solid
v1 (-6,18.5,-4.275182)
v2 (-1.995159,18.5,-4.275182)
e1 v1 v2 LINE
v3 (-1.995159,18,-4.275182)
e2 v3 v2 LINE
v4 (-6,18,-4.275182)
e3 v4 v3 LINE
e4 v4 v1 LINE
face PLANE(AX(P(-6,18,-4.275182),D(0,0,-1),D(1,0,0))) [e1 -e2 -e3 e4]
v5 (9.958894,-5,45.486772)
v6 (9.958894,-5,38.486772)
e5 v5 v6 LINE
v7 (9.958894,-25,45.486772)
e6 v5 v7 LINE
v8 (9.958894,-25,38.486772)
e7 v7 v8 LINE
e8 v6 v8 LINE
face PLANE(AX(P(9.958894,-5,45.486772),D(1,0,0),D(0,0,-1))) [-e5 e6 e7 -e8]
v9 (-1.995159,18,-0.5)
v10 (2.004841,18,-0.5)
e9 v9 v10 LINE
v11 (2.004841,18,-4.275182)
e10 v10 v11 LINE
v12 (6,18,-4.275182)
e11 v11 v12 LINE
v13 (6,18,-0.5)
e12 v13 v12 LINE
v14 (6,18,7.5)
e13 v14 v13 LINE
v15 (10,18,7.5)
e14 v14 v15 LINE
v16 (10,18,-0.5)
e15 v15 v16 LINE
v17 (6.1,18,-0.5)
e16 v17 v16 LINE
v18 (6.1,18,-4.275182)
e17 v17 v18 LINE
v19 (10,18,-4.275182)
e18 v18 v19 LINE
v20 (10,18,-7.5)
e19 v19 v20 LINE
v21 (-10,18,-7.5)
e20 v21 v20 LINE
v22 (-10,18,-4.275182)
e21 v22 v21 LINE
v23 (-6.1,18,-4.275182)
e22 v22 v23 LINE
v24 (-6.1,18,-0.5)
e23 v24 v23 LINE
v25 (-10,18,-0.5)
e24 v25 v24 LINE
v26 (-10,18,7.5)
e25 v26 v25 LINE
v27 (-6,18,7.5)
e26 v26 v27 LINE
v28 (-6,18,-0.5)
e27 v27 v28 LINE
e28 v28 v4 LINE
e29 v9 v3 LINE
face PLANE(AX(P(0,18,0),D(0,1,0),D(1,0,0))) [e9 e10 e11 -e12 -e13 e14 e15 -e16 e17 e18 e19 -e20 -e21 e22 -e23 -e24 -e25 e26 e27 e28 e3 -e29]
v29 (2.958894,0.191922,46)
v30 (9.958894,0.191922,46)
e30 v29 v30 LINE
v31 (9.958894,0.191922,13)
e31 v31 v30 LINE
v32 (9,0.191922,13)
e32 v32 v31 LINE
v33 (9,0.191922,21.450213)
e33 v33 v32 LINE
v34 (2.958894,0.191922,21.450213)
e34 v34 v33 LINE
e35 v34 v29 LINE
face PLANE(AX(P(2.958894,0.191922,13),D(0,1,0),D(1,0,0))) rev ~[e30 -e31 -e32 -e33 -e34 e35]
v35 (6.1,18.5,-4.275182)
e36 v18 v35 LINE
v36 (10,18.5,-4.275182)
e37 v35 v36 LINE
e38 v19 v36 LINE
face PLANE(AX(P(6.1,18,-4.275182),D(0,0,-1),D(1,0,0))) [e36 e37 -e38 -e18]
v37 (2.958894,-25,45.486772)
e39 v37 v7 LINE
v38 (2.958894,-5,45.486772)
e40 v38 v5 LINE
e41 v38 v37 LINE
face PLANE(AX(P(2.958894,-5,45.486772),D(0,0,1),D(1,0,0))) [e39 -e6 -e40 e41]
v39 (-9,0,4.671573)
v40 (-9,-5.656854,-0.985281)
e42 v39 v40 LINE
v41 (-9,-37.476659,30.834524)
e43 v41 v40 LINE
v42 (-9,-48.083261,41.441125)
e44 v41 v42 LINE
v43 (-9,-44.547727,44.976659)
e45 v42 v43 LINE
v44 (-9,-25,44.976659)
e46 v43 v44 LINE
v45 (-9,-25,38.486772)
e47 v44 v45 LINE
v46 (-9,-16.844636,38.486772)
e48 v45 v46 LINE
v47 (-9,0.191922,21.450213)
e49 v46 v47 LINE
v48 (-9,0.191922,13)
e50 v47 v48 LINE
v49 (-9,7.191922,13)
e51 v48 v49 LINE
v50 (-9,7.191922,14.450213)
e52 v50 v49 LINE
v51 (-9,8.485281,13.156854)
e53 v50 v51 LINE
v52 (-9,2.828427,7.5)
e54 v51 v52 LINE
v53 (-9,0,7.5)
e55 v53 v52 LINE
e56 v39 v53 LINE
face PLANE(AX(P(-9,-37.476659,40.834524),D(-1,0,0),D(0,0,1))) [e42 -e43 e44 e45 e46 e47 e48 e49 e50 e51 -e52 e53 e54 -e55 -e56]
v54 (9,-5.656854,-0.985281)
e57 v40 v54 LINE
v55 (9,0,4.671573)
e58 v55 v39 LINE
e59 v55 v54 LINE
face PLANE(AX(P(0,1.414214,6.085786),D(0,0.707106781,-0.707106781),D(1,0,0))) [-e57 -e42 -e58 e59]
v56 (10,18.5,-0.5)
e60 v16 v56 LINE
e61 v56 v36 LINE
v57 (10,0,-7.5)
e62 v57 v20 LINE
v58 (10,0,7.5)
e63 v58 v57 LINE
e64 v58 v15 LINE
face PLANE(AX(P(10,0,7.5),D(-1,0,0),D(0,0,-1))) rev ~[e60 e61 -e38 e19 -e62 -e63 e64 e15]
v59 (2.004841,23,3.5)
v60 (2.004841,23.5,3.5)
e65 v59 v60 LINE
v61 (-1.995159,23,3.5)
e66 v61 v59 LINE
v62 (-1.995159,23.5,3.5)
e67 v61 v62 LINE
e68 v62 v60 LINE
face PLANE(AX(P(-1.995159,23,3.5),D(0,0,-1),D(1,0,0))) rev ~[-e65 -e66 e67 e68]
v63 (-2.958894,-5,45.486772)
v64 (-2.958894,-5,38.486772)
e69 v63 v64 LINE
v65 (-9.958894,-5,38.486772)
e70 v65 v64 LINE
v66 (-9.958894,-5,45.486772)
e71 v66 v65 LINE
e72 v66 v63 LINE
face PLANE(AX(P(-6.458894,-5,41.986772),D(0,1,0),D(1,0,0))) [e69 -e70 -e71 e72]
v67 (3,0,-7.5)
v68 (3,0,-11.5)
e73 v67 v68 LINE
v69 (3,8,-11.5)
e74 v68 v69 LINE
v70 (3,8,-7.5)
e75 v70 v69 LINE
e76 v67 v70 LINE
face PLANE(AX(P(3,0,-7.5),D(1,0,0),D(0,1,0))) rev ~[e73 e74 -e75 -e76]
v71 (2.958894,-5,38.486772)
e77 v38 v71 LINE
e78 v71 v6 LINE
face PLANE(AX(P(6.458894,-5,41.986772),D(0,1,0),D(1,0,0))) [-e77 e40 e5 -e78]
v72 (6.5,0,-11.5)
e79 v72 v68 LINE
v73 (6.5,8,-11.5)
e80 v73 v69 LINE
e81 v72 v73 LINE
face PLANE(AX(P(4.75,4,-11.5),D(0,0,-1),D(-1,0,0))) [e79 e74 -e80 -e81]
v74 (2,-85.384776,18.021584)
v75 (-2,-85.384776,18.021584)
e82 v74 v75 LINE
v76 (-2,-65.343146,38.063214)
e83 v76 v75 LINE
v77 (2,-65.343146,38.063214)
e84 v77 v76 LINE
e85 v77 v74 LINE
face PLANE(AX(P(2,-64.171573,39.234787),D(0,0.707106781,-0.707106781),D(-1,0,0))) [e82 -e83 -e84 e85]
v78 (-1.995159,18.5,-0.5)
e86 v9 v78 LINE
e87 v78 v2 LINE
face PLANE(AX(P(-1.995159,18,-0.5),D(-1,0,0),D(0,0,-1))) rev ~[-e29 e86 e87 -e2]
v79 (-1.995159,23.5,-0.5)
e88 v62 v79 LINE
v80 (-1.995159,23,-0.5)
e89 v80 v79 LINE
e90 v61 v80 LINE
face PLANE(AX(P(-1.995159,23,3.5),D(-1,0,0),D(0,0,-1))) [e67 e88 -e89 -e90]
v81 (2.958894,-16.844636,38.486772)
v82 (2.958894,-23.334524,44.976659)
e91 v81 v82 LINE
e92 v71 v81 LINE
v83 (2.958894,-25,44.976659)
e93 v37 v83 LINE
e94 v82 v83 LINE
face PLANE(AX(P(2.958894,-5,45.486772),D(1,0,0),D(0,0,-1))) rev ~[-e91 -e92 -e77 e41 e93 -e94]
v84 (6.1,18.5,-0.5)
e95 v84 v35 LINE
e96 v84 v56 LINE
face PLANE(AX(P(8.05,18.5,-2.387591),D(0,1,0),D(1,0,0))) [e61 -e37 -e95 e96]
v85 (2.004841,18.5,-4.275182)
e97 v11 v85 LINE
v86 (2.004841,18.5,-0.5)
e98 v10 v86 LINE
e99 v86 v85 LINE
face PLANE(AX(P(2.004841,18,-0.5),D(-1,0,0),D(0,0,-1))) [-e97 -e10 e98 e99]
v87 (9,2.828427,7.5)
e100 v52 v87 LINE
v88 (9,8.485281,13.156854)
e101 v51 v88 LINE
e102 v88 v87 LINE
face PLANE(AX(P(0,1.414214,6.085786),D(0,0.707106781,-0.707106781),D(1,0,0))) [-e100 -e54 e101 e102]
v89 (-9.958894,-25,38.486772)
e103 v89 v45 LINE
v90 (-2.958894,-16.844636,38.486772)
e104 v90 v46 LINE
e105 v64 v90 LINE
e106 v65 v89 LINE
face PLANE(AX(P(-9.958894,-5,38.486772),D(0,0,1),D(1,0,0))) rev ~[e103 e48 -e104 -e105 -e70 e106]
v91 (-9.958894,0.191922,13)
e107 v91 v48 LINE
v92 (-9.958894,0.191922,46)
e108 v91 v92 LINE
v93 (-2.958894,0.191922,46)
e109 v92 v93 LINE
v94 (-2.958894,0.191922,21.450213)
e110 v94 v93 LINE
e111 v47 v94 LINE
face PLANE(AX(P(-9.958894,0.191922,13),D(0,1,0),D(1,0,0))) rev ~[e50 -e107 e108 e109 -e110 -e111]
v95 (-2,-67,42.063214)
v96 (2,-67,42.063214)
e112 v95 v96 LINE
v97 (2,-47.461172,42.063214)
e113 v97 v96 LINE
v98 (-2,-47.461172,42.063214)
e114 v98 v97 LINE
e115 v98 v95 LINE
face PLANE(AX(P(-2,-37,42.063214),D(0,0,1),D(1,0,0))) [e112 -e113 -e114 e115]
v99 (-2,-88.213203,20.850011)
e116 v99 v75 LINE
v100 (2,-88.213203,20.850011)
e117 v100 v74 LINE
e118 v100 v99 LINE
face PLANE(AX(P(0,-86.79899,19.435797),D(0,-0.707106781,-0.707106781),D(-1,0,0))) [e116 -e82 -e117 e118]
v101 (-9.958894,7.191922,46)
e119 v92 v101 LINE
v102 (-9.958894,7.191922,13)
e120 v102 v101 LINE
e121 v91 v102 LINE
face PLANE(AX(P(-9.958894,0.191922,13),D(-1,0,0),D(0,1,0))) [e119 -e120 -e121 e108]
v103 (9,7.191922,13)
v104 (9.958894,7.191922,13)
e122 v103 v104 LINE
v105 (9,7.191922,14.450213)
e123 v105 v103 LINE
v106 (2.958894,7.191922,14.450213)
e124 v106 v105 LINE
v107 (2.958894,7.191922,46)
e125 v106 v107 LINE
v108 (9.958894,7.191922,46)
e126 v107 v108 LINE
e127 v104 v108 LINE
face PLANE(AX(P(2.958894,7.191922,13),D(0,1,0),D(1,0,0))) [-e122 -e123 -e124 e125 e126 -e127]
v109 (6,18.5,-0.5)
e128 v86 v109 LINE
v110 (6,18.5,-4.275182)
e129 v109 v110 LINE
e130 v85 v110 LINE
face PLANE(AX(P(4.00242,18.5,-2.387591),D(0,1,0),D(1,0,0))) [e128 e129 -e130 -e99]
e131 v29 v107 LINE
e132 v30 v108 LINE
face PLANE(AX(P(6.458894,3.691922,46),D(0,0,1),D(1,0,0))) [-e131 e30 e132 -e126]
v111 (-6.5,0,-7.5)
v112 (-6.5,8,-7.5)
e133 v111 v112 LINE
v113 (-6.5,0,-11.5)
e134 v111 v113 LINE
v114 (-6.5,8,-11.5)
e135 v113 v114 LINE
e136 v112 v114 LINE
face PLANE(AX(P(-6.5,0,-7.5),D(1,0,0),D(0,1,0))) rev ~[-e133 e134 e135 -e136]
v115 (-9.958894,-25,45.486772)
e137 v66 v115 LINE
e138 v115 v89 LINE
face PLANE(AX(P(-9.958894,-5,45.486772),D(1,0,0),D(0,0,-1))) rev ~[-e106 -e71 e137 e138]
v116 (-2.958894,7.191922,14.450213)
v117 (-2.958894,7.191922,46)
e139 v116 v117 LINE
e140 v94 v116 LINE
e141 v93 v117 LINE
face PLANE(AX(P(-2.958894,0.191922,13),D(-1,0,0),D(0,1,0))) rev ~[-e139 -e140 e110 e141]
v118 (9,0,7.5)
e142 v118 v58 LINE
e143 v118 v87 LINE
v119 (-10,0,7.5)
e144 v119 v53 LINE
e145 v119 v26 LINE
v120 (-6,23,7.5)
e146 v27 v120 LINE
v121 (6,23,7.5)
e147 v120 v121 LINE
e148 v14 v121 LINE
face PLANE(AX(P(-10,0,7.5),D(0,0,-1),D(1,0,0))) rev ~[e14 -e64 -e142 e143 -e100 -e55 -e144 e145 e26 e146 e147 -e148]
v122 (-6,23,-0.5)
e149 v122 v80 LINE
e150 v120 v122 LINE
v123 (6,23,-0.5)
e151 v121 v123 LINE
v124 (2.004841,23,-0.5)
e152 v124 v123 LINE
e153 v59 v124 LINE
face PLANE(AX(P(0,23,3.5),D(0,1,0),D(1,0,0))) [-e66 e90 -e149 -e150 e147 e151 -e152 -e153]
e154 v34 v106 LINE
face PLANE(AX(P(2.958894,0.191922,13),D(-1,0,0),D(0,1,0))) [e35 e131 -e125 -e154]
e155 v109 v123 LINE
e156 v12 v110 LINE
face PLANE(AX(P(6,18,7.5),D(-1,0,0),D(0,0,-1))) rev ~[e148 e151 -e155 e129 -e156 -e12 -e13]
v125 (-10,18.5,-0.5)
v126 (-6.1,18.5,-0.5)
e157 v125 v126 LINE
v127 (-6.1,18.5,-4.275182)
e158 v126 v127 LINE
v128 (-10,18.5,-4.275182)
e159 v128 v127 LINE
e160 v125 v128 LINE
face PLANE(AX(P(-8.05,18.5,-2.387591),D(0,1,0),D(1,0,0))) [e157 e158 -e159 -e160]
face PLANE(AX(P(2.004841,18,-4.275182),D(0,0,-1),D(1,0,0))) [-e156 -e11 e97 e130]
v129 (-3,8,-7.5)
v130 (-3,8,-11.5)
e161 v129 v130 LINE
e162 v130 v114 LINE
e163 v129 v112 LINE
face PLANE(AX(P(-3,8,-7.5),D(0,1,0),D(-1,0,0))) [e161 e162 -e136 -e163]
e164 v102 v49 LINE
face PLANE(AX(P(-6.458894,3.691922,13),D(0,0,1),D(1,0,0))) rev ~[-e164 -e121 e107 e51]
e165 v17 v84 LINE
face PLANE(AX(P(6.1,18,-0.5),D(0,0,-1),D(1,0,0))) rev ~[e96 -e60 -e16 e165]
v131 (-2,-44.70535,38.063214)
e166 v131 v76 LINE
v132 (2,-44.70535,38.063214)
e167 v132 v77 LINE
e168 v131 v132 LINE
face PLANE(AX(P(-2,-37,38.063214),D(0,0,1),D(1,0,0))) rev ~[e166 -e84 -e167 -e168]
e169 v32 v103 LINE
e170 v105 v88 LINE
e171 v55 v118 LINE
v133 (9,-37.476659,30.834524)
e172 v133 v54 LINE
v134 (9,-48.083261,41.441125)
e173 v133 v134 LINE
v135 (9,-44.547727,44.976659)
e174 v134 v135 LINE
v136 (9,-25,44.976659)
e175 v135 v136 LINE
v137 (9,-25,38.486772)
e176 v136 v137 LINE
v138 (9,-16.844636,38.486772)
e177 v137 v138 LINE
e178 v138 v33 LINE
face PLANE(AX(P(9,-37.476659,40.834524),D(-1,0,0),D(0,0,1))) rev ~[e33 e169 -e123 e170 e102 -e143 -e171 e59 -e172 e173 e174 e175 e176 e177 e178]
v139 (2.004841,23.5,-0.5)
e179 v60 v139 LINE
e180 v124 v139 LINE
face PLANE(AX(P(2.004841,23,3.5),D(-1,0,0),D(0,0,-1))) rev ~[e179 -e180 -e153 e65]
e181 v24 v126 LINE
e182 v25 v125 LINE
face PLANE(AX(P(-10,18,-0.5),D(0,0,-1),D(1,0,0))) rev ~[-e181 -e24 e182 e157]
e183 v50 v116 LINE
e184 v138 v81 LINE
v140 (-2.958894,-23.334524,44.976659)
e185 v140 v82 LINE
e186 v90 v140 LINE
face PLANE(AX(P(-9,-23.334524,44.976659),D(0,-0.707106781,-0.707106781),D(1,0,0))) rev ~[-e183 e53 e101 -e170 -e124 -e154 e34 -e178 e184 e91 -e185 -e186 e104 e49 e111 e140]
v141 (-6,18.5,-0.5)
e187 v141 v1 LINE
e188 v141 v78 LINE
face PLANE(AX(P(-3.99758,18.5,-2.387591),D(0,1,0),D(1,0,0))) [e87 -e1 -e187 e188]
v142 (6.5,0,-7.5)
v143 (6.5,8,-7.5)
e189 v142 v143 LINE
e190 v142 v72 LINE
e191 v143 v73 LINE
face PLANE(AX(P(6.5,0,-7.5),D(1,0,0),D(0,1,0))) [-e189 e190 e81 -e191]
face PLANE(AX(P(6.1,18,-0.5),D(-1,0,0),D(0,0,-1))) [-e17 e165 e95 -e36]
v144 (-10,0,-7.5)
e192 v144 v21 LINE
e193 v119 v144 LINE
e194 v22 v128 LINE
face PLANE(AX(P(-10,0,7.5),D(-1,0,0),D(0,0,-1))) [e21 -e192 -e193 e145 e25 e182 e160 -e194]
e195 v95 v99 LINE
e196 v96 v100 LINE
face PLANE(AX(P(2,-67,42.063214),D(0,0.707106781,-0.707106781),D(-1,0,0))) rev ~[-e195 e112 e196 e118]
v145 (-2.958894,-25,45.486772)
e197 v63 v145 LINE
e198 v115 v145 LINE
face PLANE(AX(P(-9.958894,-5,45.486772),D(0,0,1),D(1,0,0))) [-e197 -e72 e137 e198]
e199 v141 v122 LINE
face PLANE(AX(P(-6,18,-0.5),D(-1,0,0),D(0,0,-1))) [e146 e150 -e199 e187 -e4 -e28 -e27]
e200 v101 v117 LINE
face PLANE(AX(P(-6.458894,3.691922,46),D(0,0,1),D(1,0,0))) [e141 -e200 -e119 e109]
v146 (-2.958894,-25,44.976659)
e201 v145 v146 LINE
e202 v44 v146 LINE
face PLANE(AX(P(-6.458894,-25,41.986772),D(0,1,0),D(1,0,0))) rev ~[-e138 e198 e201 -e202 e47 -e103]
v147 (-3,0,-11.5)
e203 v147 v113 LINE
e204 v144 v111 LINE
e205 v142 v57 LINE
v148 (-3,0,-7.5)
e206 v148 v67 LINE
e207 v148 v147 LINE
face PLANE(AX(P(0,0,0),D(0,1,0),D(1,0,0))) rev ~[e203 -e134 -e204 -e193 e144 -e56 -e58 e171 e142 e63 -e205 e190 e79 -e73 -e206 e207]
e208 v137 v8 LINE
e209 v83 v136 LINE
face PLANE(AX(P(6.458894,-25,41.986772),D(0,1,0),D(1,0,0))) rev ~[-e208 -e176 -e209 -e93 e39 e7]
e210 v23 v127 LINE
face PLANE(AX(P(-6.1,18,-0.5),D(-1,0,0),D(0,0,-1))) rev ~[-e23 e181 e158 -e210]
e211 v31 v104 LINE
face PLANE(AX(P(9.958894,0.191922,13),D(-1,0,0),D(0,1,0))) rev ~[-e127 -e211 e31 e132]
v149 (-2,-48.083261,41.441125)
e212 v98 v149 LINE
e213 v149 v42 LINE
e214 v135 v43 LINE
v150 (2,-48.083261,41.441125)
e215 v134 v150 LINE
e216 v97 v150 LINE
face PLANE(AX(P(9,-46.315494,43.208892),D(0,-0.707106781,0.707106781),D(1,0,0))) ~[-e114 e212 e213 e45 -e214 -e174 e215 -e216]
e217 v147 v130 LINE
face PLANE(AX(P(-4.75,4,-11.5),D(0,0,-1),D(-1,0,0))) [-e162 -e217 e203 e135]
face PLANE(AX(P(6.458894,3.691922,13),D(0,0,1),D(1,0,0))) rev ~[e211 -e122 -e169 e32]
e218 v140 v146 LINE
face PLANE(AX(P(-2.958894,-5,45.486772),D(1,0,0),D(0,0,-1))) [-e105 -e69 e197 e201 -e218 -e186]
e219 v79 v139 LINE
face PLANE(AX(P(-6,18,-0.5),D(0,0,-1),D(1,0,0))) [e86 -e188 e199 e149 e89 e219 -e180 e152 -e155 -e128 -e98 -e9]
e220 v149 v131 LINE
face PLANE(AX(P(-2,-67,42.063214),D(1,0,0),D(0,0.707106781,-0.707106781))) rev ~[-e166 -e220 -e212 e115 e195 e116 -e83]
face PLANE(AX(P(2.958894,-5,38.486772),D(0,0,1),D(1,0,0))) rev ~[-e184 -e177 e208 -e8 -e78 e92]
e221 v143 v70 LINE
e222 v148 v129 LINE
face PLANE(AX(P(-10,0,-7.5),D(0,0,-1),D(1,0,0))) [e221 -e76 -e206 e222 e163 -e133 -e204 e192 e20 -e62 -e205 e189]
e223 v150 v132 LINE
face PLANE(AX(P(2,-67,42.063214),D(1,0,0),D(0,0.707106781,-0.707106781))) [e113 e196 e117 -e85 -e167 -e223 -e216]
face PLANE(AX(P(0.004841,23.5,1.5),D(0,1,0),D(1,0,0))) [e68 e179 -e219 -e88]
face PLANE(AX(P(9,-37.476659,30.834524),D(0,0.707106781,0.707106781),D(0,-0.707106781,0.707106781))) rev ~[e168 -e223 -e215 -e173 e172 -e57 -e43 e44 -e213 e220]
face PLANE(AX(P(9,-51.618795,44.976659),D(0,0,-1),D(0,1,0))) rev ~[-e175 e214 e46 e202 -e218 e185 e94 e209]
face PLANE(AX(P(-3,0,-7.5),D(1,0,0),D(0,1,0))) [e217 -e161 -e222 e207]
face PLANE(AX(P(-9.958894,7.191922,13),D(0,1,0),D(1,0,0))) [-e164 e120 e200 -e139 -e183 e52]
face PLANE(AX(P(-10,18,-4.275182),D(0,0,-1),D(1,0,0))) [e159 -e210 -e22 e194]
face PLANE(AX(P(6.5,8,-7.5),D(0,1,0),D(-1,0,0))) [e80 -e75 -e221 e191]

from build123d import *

# Parameters (mm, degrees)
SKETCH1_W                = 20
SKETCH1_H                = 15
BOSS_EXTRUDE1_DEPTH      = 18
SKETCH2_W                = 12
SKETCH2_H                = 8
BOSS_EXTRUDE2_DEPTH      = 5
SKETCH4_W                = 4
SKETCH4_H                = 4
BOSS_EXTRUDE4_DEPTH      = 0.5
SKETCH3_W                = 3.5
SKETCH3_H                = 8
BOSS_EXTRUDE3_DEPTH      = 4
SKETCH5_W                = 4.004840827
SKETCH5_H                = 3.775181513
SKETCH5_W_2              = 3.995159173
SKETCH5_W_3              = 3.9
BOSS_EXTRUDE5_DEPTH      = 0.5
BOSS_EXTRUDE6_DEPTH      = 2
BOSS_EXTRUDE6_DEPTH_BACK = 43
SKETCH7_W                = 18
SKETCH7_H                = 20
FRONT_START              = 13
SKETCH8_W                = 7
SKETCH8_H                = 7
FRONT_PAWS_DEPTH         = 33
BOSS_EXTRUDE8_DEPTH      = 18
BOSS_EXTRUDE9_START      = -5
SKETCH10_W               = 7
SKETCH10_H               = 7
BOSS_EXTRUDE9_DEPTH      = 20
CHAMFER1_SIZE            = 5
CHAMFER1_SIZE2           = 7.071067812
BOSS_EXTRUDE10_START     = -37
SKETCH11_W               = 4
SKETCH11_H               = 4
BOSS_EXTRUDE10_DEPTH     = 30
SKETCH13_W               = 4
SKETCH13_H               = 4
BOSS_EXTRUDE11_DEPTH     = 30


with BuildPart() as part:
    # Sketch1 → Boss-Extrude1 (new body)
    with BuildSketch(Plane(origin=(0, 0, 0), x_dir=(1, 0, 0), z_dir=(0, 1, 0))):
        Rectangle(SKETCH1_W, SKETCH1_H)
    extrude(amount=BOSS_EXTRUDE1_DEPTH)

    # Sketch2 → Boss-Extrude2 (add)
    with BuildSketch(Plane(origin=(0, 18, 0), x_dir=(1, 0, 0), z_dir=(0, 1, 0))):
        with Locations((0, -3.5)):
            Rectangle(SKETCH2_W, SKETCH2_H)
    extrude(amount=BOSS_EXTRUDE2_DEPTH)

    # Sketch4 → Boss-Extrude4 (add)
    with BuildSketch(Plane(origin=(0, 23, 0), x_dir=(1, 0, 0), z_dir=(0, 1, 0))):
        with Locations((0.004840827, -1.5)):
            Rectangle(SKETCH4_W, SKETCH4_H)
    extrude(amount=BOSS_EXTRUDE4_DEPTH)

    # Sketch3 → Boss-Extrude3 (add)
    with BuildSketch(Plane(origin=(0, 0, -7.5), x_dir=(-1, 0, 0), z_dir=(0, 0, -1))):
        with Locations((-4.75, 4)):
            Rectangle(SKETCH3_W, SKETCH3_H)
        with Locations((4.75, 4)):
            Rectangle(SKETCH3_W, SKETCH3_H)
    extrude(amount=BOSS_EXTRUDE3_DEPTH)

    # Sketch5 → Boss-Extrude5 (add)
    with BuildSketch(Plane(origin=(0, 18, 0), x_dir=(1, 0, 0), z_dir=(0, 1, 0))):
        with Locations((-3.997579587, 2.387590757)):
            Rectangle(SKETCH5_W, SKETCH5_H)
        with Locations((4.002420414, 2.387590757)):
            Rectangle(SKETCH5_W_2, SKETCH5_H)
        with Locations((-8.05, 2.387590757)):
            Rectangle(SKETCH5_W_3, SKETCH5_H)
        with Locations((8.05, 2.387590757)):
            Rectangle(SKETCH5_W_3, SKETCH5_H)
    extrude(amount=BOSS_EXTRUDE5_DEPTH)

    # Sketch7 → Boss-Extrude6 (add, two sides: drawn at the far end of the back side and taken through both)
    with BuildSketch(Plane(origin=(0, -3.75, 3.75), x_dir=(1, 0, 0), z_dir=(0, 0.7071067811865488, -0.7071067811865464)).offset(-BOSS_EXTRUDE6_DEPTH_BACK)):
        with Locations((0, -5.303300859)):
            Rectangle(SKETCH7_W, SKETCH7_H)
    extrude(amount=BOSS_EXTRUDE6_DEPTH + BOSS_EXTRUDE6_DEPTH_BACK)

    # Sketch8 → front paws (add)
    with BuildSketch(Plane.XY.offset(FRONT_START)):
        with Locations((-6.458894343, 3.691922456)):
            Rectangle(SKETCH8_W, SKETCH8_H)
        with Locations((6.458894343, 3.691922456)):
            Rectangle(SKETCH8_W, SKETCH8_H)
    extrude(amount=FRONT_PAWS_DEPTH)

    # Sketch9 → Boss-Extrude8 (add)
    with BuildSketch(Plane(origin=(9, 0, 0), x_dir=(0, 0, -1), z_dir=(1, 0, 0))):
        Polygon((-44.976659403, -23.334523779), (-30.834523779, -37.476659403), (-44.976659403, -51.618795027), align=None)
    extrude(amount=-BOSS_EXTRUDE8_DEPTH)

    # Sketch10 → Boss-Extrude9 (add)
    with BuildSketch(Plane(origin=(0, 0, 0), x_dir=(1, 0, 0), z_dir=(0, 1, 0)).offset(BOSS_EXTRUDE9_START)):
        with Locations((-6.458894343, -41.986772092)):
            Rectangle(SKETCH10_W, SKETCH10_H)
        with Locations((6.458894343, -41.986772092)):
            Rectangle(SKETCH10_W, SKETCH10_H)
    extrude(amount=-BOSS_EXTRUDE9_DEPTH)

    # Chamfer1
    chamfer1_edges = [part.edges().sort_by_distance(p)[0] for p in [
        (0, -51.618795027, 44.976659403),
    ]]
    chamfer1_side = [part.faces().sort_by_distance(p)[0] for p in [
        (0, -28.637824638, 21.995689014),
    ]]
    chamfer(chamfer1_edges, length=CHAMFER1_SIZE, length2=CHAMFER1_SIZE2, reference=chamfer1_side[0])

    # Sketch11 → Boss-Extrude10 (add)
    with BuildSketch(Plane(origin=(0, 0, 0), x_dir=(1, 0, 0), z_dir=(0, 1, 0)).offset(BOSS_EXTRUDE10_START)):
        with Locations((0, -40.063214372)):
            Rectangle(SKETCH11_W, SKETCH11_H)
    extrude(amount=-BOSS_EXTRUDE10_DEPTH)

    # Sketch13 → Boss-Extrude11 (add)
    with BuildSketch(Plane(origin=(0, -12.468392814, -12.468392814), x_dir=(-1, 0, 0), z_dir=(0, -0.7071067811865465, -0.7071067811865487))):
        with Locations((0, -75.119338461)):
            Rectangle(SKETCH13_W, SKETCH13_H)
    extrude(amount=BOSS_EXTRUDE11_DEPTH)


solid = part.part
